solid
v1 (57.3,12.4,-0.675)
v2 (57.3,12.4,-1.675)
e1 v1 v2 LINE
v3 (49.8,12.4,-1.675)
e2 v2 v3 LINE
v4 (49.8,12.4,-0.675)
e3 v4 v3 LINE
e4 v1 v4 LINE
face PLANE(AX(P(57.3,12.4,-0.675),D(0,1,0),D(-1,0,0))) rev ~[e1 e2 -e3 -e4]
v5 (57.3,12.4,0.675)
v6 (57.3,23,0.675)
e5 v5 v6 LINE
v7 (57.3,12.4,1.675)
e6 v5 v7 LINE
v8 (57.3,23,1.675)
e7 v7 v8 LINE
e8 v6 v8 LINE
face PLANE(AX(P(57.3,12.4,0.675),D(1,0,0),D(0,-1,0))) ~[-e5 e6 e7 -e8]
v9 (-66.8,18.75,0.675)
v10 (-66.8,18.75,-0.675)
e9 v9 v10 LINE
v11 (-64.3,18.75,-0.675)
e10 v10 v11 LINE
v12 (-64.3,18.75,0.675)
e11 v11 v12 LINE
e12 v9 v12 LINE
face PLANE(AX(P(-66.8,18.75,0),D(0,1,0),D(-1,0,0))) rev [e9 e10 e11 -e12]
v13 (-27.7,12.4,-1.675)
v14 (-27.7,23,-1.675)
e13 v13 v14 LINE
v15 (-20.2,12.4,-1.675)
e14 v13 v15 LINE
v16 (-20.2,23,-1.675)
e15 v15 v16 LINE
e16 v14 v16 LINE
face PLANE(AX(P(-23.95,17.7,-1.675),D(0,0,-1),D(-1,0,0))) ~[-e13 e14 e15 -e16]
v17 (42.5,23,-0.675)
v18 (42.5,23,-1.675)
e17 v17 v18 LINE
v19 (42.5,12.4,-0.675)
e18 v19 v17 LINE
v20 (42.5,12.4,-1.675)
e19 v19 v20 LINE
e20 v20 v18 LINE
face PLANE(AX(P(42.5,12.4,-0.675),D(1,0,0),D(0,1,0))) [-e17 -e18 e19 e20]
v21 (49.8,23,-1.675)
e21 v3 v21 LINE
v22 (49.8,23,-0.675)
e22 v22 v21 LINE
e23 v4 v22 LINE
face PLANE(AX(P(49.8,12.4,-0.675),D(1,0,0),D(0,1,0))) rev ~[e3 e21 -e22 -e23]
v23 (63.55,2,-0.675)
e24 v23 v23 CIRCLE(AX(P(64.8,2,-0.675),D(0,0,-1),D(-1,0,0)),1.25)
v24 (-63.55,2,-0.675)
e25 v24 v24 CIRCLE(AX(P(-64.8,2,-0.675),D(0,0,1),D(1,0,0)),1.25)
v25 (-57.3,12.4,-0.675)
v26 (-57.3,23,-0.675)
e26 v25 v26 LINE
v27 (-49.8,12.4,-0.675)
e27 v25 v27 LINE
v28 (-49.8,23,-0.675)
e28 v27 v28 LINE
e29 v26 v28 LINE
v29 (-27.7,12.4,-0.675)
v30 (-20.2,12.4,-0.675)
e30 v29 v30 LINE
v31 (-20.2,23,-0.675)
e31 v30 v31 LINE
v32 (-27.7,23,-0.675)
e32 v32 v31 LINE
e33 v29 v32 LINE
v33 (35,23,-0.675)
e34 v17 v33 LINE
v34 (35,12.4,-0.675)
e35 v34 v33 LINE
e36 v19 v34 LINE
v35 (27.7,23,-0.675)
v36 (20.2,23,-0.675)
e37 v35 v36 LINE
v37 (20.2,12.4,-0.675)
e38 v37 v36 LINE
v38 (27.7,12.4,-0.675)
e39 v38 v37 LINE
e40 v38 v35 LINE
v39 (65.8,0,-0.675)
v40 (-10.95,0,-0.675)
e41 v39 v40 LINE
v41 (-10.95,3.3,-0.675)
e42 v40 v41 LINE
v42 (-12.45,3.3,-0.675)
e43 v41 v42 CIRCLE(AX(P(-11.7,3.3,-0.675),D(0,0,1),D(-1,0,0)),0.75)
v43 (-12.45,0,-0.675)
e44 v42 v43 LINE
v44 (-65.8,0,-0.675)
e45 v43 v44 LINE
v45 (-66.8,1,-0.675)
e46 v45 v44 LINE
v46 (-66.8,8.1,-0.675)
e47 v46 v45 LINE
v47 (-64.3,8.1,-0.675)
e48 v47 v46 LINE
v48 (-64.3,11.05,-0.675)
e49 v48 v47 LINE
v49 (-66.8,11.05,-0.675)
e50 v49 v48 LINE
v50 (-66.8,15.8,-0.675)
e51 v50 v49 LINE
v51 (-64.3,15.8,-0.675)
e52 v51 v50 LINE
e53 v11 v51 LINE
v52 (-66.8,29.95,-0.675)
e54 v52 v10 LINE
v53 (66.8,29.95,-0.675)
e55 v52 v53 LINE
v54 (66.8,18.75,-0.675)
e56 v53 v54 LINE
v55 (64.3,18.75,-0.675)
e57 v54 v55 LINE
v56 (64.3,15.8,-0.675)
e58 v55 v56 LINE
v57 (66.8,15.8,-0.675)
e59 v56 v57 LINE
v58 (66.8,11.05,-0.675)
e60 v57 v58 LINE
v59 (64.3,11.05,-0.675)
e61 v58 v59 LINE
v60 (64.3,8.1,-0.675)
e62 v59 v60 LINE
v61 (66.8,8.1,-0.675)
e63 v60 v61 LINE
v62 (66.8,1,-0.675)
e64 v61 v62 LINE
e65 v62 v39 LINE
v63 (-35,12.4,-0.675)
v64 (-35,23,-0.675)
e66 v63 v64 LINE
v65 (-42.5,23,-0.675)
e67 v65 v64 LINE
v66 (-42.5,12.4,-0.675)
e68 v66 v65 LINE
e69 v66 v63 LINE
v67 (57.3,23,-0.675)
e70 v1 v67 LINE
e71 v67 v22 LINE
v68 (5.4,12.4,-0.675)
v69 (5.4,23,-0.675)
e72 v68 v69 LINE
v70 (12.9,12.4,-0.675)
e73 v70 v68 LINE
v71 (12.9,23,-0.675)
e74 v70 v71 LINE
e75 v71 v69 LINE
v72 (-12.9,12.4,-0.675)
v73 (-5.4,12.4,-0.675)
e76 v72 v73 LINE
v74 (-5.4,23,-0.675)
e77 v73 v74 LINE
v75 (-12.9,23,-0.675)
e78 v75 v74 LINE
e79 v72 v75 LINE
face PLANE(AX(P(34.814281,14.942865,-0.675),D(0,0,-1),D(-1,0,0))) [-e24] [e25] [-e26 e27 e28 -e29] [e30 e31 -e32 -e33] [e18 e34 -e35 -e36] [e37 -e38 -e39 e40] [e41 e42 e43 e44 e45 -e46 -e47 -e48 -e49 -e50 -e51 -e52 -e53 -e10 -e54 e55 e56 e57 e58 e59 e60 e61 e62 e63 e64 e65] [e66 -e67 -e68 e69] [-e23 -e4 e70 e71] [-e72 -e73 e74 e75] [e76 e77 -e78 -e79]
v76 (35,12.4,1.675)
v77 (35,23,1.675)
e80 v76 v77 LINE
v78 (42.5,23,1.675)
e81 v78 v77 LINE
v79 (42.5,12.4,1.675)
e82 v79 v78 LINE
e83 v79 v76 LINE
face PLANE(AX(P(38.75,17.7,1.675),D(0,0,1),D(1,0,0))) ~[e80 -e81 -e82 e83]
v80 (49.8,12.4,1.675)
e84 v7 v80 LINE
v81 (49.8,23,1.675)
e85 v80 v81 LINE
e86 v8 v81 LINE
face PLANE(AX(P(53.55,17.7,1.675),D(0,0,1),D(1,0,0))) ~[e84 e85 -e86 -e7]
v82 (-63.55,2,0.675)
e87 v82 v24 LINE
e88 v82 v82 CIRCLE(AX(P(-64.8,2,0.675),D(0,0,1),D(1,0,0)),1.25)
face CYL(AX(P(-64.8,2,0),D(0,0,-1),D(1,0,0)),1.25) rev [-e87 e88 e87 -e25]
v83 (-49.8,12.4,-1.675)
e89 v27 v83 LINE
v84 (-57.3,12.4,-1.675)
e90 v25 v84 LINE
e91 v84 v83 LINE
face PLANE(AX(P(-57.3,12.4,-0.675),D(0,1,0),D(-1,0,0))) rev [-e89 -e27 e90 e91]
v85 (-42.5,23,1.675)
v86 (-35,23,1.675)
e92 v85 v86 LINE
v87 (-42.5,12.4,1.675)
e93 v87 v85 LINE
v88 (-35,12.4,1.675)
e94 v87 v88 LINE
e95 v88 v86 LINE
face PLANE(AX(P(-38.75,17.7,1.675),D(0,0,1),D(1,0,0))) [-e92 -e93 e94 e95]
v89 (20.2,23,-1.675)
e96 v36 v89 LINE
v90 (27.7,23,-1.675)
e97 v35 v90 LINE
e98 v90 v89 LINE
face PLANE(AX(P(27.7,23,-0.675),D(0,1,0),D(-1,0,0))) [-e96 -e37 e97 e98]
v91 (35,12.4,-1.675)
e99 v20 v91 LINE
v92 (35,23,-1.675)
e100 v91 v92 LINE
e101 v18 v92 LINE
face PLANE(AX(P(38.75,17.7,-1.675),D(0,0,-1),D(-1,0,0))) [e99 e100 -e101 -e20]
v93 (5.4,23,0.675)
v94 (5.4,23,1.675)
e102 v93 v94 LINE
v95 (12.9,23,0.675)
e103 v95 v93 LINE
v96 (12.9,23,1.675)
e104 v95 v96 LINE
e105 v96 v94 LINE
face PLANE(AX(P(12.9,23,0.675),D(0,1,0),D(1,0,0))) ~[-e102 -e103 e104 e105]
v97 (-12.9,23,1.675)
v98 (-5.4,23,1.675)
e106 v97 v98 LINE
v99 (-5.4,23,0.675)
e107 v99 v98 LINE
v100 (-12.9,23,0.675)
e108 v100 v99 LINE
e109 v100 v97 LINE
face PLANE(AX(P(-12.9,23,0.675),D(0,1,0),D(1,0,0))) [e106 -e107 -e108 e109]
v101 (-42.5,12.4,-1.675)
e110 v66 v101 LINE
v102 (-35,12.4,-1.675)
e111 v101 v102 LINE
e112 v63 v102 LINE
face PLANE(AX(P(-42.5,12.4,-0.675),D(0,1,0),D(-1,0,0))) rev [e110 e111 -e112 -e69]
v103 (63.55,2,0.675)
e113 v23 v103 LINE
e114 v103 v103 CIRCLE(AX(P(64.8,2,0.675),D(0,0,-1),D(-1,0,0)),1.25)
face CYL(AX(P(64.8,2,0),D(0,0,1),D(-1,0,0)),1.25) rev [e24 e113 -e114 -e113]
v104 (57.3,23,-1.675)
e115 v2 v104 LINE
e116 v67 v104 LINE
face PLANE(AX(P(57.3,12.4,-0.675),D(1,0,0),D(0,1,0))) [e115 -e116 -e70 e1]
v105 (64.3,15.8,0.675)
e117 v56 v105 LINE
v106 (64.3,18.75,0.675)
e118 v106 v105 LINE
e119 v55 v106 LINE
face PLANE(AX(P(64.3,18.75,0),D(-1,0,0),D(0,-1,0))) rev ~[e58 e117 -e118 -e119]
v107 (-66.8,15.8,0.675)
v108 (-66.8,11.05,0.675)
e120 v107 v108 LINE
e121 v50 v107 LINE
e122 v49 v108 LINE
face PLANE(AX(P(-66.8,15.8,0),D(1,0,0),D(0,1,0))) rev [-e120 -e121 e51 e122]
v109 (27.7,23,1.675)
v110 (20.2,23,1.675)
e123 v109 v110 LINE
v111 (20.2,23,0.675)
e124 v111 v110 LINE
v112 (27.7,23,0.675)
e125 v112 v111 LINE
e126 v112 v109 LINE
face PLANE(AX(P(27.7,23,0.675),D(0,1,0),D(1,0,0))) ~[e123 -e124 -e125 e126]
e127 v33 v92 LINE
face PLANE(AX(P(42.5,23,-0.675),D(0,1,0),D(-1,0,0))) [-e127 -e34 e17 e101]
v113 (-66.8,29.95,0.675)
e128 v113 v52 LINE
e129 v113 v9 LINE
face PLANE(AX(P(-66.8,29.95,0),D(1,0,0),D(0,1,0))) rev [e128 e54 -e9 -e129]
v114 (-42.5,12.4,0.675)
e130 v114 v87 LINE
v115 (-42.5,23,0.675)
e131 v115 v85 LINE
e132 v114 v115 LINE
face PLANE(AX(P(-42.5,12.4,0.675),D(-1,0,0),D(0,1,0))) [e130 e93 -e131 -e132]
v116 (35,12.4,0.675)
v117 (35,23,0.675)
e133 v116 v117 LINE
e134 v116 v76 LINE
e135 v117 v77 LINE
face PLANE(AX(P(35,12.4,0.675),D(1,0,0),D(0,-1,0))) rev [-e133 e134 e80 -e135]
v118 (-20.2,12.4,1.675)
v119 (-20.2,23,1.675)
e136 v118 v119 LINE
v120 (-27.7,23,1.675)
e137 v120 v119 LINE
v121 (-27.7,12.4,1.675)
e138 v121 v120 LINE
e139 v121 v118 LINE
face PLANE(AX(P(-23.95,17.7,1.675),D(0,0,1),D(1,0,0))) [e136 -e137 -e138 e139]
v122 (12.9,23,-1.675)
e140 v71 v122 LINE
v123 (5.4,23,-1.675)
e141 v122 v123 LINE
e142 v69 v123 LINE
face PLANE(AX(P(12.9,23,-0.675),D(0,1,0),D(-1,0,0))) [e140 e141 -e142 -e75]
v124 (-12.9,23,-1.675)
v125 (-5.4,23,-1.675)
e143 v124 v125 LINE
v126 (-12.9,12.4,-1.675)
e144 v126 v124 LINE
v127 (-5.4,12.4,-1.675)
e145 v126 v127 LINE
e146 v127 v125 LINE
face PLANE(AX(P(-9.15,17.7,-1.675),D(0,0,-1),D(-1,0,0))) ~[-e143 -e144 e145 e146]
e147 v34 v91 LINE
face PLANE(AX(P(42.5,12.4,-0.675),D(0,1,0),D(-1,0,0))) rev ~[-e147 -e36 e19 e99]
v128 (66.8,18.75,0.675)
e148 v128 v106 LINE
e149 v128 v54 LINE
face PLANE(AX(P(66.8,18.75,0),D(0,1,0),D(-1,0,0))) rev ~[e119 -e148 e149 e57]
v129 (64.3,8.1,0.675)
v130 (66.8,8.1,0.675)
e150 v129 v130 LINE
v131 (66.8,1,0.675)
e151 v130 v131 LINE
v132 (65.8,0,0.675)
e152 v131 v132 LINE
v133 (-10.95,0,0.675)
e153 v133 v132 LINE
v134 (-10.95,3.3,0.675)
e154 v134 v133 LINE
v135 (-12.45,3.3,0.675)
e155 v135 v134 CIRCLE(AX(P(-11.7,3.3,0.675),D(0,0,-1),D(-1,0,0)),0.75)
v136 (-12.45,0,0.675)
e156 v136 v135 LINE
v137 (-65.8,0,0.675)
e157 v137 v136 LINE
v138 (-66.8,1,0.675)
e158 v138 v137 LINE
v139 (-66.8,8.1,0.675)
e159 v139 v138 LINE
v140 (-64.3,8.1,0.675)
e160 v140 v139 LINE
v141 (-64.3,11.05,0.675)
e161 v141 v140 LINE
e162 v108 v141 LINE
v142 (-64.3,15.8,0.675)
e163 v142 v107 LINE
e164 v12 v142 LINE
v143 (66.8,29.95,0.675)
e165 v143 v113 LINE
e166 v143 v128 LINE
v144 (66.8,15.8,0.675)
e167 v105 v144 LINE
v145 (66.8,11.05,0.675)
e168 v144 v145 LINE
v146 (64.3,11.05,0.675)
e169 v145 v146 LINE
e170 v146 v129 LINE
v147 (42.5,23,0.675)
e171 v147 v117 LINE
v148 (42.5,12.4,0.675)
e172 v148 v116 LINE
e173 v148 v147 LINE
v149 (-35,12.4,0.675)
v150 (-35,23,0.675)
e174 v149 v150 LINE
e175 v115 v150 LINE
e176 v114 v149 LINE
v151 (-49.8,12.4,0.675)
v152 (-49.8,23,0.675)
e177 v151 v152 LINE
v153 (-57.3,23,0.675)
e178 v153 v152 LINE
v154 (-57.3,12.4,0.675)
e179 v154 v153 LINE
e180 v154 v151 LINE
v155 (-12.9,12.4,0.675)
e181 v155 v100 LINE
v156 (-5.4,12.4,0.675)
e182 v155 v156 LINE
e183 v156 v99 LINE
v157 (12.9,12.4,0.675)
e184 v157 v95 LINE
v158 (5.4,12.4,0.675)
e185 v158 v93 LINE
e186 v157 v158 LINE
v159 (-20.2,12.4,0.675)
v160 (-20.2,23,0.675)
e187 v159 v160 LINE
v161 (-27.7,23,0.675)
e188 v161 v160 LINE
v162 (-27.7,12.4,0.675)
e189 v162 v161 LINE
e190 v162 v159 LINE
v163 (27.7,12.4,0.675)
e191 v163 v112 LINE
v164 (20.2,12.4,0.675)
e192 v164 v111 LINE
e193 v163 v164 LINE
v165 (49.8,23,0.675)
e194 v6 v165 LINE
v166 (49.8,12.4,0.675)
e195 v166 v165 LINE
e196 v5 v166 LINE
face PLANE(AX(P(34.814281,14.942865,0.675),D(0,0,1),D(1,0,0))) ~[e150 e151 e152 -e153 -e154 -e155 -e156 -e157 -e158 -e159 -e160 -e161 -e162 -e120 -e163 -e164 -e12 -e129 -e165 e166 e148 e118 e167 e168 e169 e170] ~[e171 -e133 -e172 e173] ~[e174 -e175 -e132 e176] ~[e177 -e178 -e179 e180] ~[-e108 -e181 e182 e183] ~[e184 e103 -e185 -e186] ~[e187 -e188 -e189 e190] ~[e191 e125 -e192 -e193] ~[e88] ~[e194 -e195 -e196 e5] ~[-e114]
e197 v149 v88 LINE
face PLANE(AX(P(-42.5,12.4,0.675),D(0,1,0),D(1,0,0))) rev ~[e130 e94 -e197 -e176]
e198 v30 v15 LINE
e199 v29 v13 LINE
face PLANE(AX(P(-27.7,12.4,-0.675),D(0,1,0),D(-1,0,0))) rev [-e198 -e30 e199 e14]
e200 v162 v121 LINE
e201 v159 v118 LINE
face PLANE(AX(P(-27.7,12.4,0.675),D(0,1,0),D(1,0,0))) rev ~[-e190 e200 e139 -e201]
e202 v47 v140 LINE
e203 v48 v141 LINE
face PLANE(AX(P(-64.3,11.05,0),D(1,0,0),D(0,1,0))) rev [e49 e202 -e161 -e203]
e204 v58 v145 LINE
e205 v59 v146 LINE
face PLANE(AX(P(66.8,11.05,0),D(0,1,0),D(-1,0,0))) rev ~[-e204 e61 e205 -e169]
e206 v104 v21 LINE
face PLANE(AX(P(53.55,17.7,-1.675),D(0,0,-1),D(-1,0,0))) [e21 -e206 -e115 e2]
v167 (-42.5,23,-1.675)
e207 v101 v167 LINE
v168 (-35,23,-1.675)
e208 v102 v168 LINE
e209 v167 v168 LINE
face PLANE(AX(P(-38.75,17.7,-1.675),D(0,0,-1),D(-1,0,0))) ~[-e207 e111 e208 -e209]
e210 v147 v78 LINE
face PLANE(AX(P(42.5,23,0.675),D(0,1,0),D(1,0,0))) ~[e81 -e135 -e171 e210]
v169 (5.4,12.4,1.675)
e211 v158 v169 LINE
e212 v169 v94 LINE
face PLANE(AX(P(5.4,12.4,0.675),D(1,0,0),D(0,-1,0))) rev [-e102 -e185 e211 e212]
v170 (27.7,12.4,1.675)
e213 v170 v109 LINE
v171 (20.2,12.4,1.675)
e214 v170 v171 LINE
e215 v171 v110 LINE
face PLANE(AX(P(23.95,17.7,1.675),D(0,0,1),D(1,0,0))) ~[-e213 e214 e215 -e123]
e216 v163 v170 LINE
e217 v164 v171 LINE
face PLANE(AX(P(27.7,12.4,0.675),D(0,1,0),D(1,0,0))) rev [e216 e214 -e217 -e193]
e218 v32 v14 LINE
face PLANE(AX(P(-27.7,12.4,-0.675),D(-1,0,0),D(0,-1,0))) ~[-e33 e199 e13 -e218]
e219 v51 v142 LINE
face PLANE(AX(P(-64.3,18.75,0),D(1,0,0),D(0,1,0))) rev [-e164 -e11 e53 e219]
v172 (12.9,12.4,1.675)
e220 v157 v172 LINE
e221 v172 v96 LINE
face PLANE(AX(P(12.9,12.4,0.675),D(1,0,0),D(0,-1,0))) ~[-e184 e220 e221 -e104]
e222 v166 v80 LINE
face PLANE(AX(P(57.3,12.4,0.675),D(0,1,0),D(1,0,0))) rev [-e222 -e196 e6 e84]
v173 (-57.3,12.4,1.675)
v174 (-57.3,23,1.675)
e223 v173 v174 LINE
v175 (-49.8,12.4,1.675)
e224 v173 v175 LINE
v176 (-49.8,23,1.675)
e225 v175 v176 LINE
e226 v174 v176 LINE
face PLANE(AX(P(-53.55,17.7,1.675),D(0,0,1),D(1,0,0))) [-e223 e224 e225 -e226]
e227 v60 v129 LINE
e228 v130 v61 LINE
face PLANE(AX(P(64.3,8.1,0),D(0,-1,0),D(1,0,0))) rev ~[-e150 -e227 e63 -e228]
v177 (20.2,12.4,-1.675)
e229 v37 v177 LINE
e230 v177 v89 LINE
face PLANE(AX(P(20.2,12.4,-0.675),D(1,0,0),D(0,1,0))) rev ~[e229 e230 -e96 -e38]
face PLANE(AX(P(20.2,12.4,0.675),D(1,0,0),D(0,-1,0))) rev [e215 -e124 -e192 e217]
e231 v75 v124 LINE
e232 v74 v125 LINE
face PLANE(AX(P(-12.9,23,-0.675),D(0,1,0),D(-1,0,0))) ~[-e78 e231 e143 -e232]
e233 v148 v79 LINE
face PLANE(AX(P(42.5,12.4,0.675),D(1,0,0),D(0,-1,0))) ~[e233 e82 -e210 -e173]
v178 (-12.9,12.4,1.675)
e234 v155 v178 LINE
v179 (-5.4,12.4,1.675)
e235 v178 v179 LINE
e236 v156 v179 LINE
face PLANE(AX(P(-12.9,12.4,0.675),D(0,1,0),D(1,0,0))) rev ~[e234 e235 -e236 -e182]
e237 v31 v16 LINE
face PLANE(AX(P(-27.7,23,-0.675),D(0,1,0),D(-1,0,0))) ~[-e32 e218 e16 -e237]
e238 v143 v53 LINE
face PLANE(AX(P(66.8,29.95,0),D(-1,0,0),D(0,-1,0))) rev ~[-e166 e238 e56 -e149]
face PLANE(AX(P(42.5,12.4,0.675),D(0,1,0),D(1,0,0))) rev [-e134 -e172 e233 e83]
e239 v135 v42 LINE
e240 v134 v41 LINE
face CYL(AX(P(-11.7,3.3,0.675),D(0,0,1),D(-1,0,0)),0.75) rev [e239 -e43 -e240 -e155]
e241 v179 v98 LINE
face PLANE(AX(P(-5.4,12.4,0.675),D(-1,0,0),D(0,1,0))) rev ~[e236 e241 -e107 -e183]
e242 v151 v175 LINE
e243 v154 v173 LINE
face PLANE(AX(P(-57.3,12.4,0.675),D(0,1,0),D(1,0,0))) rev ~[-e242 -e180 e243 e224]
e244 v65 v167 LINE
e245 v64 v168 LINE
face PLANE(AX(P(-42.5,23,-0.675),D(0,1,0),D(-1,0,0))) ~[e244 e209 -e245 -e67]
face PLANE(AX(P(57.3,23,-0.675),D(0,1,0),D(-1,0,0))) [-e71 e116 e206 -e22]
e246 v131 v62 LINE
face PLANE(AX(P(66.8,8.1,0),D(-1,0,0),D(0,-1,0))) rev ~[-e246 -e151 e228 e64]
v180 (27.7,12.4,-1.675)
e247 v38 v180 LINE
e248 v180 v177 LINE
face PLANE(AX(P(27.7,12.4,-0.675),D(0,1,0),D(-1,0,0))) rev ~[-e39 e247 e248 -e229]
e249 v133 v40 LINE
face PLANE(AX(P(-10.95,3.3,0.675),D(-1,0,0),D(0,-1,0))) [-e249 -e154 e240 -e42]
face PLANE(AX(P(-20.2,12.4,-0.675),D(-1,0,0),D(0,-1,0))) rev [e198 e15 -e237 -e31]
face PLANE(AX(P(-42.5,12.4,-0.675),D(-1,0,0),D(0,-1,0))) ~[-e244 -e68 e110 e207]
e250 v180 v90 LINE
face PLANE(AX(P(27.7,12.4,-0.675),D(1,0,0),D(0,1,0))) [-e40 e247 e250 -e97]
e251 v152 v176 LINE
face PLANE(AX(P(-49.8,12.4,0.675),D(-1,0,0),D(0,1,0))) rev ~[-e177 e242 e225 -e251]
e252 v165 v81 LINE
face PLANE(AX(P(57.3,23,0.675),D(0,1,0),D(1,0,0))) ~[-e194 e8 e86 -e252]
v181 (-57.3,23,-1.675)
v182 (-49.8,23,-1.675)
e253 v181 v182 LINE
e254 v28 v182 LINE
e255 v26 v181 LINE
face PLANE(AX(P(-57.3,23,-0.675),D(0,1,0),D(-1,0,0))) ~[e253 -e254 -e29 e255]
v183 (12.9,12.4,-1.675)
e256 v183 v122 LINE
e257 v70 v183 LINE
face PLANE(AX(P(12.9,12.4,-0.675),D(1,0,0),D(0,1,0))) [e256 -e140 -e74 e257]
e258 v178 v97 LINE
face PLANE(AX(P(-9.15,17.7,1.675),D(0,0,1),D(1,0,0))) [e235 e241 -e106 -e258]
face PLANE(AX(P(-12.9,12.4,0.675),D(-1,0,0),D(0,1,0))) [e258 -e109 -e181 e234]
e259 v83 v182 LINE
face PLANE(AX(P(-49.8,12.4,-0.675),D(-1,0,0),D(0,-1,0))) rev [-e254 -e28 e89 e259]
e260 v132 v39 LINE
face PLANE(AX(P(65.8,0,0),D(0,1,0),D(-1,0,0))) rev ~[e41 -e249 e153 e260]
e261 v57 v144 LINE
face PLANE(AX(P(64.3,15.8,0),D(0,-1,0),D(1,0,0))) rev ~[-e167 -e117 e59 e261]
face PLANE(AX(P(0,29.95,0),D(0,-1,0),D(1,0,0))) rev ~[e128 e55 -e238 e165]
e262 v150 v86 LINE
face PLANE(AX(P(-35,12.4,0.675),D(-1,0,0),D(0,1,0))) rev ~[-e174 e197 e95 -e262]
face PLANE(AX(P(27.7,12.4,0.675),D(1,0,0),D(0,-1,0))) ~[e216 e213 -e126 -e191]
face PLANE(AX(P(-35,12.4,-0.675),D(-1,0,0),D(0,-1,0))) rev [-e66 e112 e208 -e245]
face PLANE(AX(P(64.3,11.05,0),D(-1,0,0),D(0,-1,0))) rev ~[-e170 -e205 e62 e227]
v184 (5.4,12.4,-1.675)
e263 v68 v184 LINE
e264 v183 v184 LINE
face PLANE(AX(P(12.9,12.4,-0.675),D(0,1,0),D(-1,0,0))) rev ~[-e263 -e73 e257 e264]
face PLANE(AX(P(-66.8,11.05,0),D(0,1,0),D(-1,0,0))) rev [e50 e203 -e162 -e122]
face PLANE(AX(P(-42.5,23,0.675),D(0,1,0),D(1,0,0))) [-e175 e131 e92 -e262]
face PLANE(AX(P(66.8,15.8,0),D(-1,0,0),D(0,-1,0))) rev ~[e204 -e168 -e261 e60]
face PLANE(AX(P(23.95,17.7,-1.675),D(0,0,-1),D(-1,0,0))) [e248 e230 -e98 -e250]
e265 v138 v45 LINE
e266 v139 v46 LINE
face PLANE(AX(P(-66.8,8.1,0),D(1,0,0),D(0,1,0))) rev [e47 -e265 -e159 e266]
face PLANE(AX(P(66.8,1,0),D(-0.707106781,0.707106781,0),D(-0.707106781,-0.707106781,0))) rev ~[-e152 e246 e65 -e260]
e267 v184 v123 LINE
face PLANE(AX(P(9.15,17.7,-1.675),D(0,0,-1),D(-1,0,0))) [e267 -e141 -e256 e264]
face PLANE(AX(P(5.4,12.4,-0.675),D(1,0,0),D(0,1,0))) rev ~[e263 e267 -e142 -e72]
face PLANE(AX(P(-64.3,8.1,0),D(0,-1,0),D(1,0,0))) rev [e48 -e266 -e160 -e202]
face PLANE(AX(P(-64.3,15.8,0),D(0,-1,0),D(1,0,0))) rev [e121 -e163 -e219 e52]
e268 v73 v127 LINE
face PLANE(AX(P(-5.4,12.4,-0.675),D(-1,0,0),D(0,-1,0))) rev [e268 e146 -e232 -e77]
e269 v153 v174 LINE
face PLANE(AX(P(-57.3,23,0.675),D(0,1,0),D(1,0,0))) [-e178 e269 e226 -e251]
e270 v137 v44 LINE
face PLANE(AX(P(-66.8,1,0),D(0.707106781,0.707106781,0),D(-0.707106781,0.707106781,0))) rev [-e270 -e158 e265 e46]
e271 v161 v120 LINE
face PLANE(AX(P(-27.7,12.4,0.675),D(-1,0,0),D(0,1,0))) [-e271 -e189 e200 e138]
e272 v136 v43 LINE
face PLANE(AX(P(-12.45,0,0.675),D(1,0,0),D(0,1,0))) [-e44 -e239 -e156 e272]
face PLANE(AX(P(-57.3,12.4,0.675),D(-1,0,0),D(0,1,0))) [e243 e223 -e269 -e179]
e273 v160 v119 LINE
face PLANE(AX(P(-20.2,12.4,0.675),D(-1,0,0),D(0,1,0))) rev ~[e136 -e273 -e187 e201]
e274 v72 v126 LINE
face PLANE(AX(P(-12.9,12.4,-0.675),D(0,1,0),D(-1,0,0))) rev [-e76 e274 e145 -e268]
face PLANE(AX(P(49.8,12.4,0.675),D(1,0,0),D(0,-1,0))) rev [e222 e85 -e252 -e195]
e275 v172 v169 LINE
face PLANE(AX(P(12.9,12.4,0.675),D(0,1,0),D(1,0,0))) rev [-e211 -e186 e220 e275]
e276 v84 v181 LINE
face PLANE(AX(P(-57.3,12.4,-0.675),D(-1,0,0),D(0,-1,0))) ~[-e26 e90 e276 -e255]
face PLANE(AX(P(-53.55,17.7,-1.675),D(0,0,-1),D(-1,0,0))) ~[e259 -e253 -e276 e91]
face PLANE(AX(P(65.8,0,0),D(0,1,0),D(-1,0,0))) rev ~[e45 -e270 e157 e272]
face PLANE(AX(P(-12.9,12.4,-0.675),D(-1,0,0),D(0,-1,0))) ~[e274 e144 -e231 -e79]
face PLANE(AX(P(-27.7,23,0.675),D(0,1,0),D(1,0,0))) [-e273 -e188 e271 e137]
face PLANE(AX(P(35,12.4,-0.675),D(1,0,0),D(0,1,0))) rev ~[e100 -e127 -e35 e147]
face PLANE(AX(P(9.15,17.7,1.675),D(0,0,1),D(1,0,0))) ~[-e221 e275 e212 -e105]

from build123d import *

# Parameters (mm, degrees)
SKETCH1_R           = 1.25
BOSS_EXTRUDE1_DEPTH = 0.675
SKETCH2_W           = 7.5
SKETCH2_H           = 10.6
BOSS_EXTRUDE2_DEPTH = 1
CUT_EXTRUDE1_DEPTH  = 3.35


with BuildPart() as part:
    # Sketch1 → Boss-Extrude1 (new body)
    with BuildSketch(Plane.XY):
        Polygon((-66.8, 18.75), (-64.3, 18.75), (-64.3, 15.8), (-66.8, 15.8), (-66.8, 11.05), (-64.3, 11.05), (-64.3, 8.1), (-66.8, 8.1), (-66.8, 1), (-65.8, 0), (0, 0), (0, 29.95), (-66.8, 29.95), align=None)
        with Locations((-64.8, 2)):
            Circle(SKETCH1_R, mode=Mode.SUBTRACT)
    extrude(amount=BOSS_EXTRUDE1_DEPTH)

    # Sketch2 → Boss-Extrude2 (add)
    with BuildSketch(Plane.XY.offset(0.675)):
        with Locations((-53.55, 17.7)):
            Rectangle(SKETCH2_W, SKETCH2_H)
        with Locations((-38.75, 17.7)):
            Rectangle(SKETCH2_W, SKETCH2_H)
        with Locations((-23.95, 17.7)):
            Rectangle(SKETCH2_W, SKETCH2_H)
        with Locations((-9.15, 17.7)):
            Rectangle(SKETCH2_W, SKETCH2_H)
    extrude(amount=BOSS_EXTRUDE2_DEPTH)

    # Mirror1: part across plane


with BuildPart() as part_1:
    add(part.part)
    add(part.part.mirror(Plane.XY))

    # Mirror2: part across plane


with BuildPart() as part_2:
    add(part_1.part)
    add(part_1.part.mirror(Plane(origin=(0, 0, 0), x_dir=(0, 0, 1), z_dir=(1, 0, 0))))

    # Sketch3 → Cut-Extrude1 (cut, through all)
    with BuildSketch(Plane.XY.offset(0.675)):
        with BuildLine():
            Line((-12.45, 0), (-12.45, 3.3))
            ThreePointArc((-12.45, 3.3), (-11.7, 4.05), (-10.95, 3.3))
            Line((-10.95, 3.3), (-10.95, 0))
            Line((-10.95, 0), (-12.45, 0))
        make_face()
    extrude(amount=-CUT_EXTRUDE1_DEPTH, mode=Mode.SUBTRACT)


solid = part_2.part
